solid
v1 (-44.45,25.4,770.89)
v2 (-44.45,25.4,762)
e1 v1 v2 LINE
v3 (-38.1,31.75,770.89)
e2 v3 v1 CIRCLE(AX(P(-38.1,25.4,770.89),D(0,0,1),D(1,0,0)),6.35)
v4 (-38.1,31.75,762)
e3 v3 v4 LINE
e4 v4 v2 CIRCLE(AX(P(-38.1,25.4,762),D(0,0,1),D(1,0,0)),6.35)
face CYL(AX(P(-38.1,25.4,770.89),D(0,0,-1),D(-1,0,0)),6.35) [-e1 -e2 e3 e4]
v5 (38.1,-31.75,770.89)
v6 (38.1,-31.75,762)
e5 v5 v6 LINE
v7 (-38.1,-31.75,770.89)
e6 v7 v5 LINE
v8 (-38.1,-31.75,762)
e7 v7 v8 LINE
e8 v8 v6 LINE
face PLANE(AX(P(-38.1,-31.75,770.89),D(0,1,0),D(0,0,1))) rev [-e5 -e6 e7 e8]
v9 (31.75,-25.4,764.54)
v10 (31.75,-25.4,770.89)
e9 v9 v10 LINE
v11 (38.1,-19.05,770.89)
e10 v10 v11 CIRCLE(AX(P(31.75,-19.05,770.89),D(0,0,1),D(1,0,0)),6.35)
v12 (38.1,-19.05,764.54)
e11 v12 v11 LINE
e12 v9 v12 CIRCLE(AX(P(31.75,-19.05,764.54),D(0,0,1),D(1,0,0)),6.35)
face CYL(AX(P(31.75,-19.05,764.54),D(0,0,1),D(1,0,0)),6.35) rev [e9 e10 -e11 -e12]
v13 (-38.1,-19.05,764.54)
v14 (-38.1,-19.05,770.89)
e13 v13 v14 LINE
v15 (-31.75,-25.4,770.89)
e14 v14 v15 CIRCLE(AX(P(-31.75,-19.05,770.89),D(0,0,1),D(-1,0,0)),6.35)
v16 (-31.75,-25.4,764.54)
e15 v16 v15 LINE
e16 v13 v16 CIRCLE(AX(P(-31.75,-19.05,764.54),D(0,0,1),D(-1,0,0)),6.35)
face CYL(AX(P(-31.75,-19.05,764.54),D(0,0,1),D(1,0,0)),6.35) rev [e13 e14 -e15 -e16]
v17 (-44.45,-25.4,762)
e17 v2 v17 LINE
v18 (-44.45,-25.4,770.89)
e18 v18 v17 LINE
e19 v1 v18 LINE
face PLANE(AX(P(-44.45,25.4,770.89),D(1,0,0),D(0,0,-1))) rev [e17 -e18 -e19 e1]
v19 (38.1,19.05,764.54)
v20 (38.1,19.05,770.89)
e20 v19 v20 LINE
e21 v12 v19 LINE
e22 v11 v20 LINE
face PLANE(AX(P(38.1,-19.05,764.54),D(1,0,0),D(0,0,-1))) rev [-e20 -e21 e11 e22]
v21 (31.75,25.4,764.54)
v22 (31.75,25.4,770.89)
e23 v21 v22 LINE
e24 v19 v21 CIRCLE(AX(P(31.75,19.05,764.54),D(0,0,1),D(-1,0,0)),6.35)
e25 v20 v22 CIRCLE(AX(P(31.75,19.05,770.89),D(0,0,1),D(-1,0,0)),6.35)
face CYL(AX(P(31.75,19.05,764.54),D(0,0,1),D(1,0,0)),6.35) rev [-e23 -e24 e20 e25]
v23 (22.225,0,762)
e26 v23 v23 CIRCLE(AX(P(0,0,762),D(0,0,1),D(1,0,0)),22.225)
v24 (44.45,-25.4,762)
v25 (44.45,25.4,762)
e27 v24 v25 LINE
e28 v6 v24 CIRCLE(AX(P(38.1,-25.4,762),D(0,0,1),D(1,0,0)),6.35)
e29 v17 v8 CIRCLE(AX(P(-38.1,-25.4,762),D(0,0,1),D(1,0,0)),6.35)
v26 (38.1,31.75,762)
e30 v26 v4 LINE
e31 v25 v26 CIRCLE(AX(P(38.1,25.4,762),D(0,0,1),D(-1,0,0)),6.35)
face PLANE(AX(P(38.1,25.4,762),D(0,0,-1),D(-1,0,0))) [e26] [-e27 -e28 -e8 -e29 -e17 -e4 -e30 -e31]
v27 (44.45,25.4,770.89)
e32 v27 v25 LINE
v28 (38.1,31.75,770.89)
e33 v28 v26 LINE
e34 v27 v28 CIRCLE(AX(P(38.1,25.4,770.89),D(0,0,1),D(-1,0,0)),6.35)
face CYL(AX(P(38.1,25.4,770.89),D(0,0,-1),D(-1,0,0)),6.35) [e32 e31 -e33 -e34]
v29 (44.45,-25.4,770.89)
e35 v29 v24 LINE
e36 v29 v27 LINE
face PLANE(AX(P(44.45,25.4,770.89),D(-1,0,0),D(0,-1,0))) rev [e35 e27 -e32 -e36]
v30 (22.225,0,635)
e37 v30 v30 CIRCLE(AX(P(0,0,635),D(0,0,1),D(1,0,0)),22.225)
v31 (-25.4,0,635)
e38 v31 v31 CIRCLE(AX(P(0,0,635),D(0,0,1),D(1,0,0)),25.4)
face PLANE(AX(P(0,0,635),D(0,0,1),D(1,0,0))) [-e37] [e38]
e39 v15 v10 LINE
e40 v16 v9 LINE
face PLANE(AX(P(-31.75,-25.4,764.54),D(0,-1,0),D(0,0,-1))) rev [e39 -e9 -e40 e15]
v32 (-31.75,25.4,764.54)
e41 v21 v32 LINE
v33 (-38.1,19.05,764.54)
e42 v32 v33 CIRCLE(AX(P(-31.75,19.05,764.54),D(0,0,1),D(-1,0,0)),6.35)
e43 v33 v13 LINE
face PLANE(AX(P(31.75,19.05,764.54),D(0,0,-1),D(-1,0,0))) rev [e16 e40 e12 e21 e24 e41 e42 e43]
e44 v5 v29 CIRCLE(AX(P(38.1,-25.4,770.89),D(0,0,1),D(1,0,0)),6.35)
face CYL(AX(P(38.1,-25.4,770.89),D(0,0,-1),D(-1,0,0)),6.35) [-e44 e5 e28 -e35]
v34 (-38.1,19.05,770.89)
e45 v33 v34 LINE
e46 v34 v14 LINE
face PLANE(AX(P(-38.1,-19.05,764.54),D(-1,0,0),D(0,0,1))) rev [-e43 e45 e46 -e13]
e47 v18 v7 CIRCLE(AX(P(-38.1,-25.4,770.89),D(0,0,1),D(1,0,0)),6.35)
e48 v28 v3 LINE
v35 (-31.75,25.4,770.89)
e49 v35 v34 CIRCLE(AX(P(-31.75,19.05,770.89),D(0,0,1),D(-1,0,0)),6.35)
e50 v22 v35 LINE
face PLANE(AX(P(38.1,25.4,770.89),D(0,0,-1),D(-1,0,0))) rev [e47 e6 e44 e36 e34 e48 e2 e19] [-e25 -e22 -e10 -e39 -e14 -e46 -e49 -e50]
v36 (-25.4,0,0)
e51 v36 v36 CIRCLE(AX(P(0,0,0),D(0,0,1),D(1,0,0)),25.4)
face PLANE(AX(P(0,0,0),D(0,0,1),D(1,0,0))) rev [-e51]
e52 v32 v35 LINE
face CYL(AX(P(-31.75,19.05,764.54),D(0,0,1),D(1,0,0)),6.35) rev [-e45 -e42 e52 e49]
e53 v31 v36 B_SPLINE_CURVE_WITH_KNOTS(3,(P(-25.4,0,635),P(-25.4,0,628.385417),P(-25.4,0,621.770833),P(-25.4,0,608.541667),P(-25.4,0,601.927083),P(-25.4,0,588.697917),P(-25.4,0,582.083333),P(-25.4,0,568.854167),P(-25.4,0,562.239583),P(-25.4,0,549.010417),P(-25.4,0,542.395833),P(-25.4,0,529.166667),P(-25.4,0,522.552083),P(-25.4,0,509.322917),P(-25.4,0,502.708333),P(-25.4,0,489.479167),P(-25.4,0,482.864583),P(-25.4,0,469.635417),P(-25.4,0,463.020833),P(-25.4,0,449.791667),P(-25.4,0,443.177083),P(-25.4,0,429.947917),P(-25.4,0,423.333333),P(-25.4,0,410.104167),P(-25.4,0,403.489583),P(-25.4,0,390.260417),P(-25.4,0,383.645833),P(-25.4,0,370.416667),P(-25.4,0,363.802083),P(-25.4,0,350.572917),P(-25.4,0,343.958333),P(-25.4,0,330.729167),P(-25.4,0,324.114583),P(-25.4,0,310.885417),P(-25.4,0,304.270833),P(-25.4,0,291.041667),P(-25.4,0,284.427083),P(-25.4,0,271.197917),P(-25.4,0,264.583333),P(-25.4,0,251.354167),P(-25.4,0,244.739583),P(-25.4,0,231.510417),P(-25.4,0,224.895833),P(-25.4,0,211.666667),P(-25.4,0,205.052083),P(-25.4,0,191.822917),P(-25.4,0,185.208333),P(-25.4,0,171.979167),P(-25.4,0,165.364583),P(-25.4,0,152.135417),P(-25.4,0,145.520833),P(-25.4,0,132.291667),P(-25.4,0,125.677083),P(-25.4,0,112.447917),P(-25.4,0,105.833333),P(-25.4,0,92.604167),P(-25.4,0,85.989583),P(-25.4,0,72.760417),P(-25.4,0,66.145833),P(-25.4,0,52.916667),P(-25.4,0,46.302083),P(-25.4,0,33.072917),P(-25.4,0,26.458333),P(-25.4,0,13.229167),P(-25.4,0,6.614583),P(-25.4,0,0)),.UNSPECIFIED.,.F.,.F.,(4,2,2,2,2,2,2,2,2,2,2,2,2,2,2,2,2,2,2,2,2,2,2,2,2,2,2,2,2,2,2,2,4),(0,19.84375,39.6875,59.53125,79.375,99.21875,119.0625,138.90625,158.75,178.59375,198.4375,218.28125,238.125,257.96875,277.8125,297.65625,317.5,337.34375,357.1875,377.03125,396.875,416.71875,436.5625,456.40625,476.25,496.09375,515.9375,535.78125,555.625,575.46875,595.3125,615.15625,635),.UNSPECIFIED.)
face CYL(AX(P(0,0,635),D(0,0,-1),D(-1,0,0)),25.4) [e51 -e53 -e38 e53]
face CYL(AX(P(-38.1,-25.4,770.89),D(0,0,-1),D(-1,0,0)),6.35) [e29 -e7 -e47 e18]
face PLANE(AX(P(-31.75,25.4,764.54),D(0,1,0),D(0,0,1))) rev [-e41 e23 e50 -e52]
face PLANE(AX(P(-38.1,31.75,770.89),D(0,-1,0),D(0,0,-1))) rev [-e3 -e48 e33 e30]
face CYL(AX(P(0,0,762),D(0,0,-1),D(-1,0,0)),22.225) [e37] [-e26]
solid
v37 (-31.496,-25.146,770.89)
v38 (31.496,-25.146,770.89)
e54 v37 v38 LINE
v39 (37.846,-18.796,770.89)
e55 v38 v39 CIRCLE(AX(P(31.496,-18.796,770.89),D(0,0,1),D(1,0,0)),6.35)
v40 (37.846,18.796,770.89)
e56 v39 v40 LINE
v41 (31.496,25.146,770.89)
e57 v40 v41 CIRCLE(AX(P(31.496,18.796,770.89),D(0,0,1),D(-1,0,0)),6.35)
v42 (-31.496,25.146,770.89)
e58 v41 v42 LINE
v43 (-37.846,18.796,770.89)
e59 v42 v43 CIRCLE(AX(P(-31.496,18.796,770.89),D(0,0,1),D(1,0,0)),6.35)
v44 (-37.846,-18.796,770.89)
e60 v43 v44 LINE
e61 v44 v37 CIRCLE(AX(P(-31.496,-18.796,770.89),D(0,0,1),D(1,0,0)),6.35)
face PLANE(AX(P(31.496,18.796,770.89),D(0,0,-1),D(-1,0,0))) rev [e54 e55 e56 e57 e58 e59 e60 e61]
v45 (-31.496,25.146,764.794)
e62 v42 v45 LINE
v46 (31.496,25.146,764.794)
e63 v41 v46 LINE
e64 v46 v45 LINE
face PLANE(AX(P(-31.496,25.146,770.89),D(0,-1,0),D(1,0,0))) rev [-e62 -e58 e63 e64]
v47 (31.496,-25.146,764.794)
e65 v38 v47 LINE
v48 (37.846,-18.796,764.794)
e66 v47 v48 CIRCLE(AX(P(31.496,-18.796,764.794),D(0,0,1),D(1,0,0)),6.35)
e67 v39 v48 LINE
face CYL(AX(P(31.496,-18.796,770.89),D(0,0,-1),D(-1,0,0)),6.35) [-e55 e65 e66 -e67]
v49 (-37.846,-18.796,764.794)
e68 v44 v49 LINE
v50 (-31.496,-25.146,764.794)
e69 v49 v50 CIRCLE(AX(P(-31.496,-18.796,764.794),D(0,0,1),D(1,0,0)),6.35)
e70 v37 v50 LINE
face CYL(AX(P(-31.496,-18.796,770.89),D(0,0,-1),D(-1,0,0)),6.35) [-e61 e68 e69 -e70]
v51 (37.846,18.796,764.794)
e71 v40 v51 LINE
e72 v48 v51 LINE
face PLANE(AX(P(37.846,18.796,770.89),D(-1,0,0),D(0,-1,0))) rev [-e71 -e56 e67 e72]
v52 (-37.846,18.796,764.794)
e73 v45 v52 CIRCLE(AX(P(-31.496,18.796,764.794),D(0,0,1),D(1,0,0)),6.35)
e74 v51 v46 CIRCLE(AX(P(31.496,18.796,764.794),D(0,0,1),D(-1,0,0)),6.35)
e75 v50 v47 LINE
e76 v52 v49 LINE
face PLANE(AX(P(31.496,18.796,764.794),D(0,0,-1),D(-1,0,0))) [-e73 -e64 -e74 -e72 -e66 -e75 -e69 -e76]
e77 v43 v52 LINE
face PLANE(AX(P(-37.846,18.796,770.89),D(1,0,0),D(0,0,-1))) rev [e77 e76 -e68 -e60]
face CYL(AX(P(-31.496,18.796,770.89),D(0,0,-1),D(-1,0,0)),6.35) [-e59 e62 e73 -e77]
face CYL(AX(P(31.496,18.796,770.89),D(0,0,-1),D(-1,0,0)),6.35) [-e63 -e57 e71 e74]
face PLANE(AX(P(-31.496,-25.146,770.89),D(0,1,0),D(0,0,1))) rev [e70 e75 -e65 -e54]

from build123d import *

# Parameters (mm, degrees)
SKETCH1_R           = 25.4
BOSS_EXTRUDE1_DEPTH = 635
SKETCH2_R           = 22.225
BOSS_EXTRUDE2_DEPTH = 127
BOSS_EXTRUDE3_DEPTH = 8.89
CUT_EXTRUDE1_DEPTH  = 6.35
BOSS_EXTRUDE5_DEPTH = 6.096


with BuildPart() as part:
    # Sketch1 → Boss-Extrude1 (new body)
    with BuildSketch(Plane.XY):
        with Locations(Location((0, 0, 0), (0, 0, 180))):
            Circle(SKETCH1_R)
    extrude(amount=BOSS_EXTRUDE1_DEPTH)

    # Sketch2 → Boss-Extrude2 (add)
    with BuildSketch(Plane.XY.offset(635)):
        Circle(SKETCH2_R)
    extrude(amount=BOSS_EXTRUDE2_DEPTH)

    # Sketch3 → Boss-Extrude3 (add)
    with BuildSketch(Plane.XY.offset(762)):
        with BuildLine():
            Line((-38.1, 31.75), (38.1, 31.75))
            ThreePointArc((38.1, 31.75), (42.590128061, 29.890128061), (44.45, 25.4))
            Line((44.45, 25.4), (44.45, -25.4))
            ThreePointArc((44.45, -25.4), (42.590128061, -29.890128061), (38.1, -31.75))
            Line((38.1, -31.75), (-38.1, -31.75))
            ThreePointArc((-38.1, -31.75), (-42.590128061, -29.890128061), (-44.45, -25.4))
            Line((-44.45, -25.4), (-44.45, 25.4))
            ThreePointArc((-44.45, 25.4), (-42.590128061, 29.890128061), (-38.1, 31.75))
        make_face()
    extrude(amount=BOSS_EXTRUDE3_DEPTH)

    # Sketch4 → Cut-Extrude1 (cut)
    with BuildSketch(Plane.XY.offset(770.89)):
        with BuildLine():
            Line((-31.75, -25.4), (31.75, -25.4))
            ThreePointArc((31.75, -25.4), (36.240128061, -23.540128061), (38.1, -19.05))
            Line((38.1, -19.05), (38.1, 19.05))
            ThreePointArc((38.1, 19.05), (36.240128061, 23.540128061), (31.75, 25.4))
            Line((31.75, 25.4), (-31.75, 25.4))
            ThreePointArc((-31.75, 25.4), (-36.240128061, 23.540128061), (-38.1, 19.05))
            Line((-38.1, 19.05), (-38.1, -19.05))
            ThreePointArc((-38.1, -19.05), (-36.240128061, -23.540128061), (-31.75, -25.4))
        make_face()
    extrude(amount=-CUT_EXTRUDE1_DEPTH, mode=Mode.SUBTRACT)


with BuildPart() as body_2:
    # Sketch5 → Boss-Extrude5 (new body)
    with BuildSketch(Plane.XY.offset(764.794)):
        with BuildLine():
            Line((-31.496, 25.146), (31.496, 25.146))
            ThreePointArc((31.496, 25.146), (35.986128061, 23.286128061), (37.846, 18.796))
            Line((37.846, 18.796), (37.846, -18.796))
            ThreePointArc((37.846, -18.796), (35.986128061, -23.286128061), (31.496, -25.146))
            Line((31.496, -25.146), (-31.496, -25.146))
            ThreePointArc((-31.496, -25.146), (-35.986128061, -23.286128061), (-37.846, -18.796))
            Line((-37.846, -18.796), (-37.846, 18.796))
            ThreePointArc((-37.846, 18.796), (-35.986128061, 23.286128061), (-31.496, 25.146))
        make_face()
    extrude(amount=BOSS_EXTRUDE5_DEPTH)


solid = Compound([part.part, body_2.part])
